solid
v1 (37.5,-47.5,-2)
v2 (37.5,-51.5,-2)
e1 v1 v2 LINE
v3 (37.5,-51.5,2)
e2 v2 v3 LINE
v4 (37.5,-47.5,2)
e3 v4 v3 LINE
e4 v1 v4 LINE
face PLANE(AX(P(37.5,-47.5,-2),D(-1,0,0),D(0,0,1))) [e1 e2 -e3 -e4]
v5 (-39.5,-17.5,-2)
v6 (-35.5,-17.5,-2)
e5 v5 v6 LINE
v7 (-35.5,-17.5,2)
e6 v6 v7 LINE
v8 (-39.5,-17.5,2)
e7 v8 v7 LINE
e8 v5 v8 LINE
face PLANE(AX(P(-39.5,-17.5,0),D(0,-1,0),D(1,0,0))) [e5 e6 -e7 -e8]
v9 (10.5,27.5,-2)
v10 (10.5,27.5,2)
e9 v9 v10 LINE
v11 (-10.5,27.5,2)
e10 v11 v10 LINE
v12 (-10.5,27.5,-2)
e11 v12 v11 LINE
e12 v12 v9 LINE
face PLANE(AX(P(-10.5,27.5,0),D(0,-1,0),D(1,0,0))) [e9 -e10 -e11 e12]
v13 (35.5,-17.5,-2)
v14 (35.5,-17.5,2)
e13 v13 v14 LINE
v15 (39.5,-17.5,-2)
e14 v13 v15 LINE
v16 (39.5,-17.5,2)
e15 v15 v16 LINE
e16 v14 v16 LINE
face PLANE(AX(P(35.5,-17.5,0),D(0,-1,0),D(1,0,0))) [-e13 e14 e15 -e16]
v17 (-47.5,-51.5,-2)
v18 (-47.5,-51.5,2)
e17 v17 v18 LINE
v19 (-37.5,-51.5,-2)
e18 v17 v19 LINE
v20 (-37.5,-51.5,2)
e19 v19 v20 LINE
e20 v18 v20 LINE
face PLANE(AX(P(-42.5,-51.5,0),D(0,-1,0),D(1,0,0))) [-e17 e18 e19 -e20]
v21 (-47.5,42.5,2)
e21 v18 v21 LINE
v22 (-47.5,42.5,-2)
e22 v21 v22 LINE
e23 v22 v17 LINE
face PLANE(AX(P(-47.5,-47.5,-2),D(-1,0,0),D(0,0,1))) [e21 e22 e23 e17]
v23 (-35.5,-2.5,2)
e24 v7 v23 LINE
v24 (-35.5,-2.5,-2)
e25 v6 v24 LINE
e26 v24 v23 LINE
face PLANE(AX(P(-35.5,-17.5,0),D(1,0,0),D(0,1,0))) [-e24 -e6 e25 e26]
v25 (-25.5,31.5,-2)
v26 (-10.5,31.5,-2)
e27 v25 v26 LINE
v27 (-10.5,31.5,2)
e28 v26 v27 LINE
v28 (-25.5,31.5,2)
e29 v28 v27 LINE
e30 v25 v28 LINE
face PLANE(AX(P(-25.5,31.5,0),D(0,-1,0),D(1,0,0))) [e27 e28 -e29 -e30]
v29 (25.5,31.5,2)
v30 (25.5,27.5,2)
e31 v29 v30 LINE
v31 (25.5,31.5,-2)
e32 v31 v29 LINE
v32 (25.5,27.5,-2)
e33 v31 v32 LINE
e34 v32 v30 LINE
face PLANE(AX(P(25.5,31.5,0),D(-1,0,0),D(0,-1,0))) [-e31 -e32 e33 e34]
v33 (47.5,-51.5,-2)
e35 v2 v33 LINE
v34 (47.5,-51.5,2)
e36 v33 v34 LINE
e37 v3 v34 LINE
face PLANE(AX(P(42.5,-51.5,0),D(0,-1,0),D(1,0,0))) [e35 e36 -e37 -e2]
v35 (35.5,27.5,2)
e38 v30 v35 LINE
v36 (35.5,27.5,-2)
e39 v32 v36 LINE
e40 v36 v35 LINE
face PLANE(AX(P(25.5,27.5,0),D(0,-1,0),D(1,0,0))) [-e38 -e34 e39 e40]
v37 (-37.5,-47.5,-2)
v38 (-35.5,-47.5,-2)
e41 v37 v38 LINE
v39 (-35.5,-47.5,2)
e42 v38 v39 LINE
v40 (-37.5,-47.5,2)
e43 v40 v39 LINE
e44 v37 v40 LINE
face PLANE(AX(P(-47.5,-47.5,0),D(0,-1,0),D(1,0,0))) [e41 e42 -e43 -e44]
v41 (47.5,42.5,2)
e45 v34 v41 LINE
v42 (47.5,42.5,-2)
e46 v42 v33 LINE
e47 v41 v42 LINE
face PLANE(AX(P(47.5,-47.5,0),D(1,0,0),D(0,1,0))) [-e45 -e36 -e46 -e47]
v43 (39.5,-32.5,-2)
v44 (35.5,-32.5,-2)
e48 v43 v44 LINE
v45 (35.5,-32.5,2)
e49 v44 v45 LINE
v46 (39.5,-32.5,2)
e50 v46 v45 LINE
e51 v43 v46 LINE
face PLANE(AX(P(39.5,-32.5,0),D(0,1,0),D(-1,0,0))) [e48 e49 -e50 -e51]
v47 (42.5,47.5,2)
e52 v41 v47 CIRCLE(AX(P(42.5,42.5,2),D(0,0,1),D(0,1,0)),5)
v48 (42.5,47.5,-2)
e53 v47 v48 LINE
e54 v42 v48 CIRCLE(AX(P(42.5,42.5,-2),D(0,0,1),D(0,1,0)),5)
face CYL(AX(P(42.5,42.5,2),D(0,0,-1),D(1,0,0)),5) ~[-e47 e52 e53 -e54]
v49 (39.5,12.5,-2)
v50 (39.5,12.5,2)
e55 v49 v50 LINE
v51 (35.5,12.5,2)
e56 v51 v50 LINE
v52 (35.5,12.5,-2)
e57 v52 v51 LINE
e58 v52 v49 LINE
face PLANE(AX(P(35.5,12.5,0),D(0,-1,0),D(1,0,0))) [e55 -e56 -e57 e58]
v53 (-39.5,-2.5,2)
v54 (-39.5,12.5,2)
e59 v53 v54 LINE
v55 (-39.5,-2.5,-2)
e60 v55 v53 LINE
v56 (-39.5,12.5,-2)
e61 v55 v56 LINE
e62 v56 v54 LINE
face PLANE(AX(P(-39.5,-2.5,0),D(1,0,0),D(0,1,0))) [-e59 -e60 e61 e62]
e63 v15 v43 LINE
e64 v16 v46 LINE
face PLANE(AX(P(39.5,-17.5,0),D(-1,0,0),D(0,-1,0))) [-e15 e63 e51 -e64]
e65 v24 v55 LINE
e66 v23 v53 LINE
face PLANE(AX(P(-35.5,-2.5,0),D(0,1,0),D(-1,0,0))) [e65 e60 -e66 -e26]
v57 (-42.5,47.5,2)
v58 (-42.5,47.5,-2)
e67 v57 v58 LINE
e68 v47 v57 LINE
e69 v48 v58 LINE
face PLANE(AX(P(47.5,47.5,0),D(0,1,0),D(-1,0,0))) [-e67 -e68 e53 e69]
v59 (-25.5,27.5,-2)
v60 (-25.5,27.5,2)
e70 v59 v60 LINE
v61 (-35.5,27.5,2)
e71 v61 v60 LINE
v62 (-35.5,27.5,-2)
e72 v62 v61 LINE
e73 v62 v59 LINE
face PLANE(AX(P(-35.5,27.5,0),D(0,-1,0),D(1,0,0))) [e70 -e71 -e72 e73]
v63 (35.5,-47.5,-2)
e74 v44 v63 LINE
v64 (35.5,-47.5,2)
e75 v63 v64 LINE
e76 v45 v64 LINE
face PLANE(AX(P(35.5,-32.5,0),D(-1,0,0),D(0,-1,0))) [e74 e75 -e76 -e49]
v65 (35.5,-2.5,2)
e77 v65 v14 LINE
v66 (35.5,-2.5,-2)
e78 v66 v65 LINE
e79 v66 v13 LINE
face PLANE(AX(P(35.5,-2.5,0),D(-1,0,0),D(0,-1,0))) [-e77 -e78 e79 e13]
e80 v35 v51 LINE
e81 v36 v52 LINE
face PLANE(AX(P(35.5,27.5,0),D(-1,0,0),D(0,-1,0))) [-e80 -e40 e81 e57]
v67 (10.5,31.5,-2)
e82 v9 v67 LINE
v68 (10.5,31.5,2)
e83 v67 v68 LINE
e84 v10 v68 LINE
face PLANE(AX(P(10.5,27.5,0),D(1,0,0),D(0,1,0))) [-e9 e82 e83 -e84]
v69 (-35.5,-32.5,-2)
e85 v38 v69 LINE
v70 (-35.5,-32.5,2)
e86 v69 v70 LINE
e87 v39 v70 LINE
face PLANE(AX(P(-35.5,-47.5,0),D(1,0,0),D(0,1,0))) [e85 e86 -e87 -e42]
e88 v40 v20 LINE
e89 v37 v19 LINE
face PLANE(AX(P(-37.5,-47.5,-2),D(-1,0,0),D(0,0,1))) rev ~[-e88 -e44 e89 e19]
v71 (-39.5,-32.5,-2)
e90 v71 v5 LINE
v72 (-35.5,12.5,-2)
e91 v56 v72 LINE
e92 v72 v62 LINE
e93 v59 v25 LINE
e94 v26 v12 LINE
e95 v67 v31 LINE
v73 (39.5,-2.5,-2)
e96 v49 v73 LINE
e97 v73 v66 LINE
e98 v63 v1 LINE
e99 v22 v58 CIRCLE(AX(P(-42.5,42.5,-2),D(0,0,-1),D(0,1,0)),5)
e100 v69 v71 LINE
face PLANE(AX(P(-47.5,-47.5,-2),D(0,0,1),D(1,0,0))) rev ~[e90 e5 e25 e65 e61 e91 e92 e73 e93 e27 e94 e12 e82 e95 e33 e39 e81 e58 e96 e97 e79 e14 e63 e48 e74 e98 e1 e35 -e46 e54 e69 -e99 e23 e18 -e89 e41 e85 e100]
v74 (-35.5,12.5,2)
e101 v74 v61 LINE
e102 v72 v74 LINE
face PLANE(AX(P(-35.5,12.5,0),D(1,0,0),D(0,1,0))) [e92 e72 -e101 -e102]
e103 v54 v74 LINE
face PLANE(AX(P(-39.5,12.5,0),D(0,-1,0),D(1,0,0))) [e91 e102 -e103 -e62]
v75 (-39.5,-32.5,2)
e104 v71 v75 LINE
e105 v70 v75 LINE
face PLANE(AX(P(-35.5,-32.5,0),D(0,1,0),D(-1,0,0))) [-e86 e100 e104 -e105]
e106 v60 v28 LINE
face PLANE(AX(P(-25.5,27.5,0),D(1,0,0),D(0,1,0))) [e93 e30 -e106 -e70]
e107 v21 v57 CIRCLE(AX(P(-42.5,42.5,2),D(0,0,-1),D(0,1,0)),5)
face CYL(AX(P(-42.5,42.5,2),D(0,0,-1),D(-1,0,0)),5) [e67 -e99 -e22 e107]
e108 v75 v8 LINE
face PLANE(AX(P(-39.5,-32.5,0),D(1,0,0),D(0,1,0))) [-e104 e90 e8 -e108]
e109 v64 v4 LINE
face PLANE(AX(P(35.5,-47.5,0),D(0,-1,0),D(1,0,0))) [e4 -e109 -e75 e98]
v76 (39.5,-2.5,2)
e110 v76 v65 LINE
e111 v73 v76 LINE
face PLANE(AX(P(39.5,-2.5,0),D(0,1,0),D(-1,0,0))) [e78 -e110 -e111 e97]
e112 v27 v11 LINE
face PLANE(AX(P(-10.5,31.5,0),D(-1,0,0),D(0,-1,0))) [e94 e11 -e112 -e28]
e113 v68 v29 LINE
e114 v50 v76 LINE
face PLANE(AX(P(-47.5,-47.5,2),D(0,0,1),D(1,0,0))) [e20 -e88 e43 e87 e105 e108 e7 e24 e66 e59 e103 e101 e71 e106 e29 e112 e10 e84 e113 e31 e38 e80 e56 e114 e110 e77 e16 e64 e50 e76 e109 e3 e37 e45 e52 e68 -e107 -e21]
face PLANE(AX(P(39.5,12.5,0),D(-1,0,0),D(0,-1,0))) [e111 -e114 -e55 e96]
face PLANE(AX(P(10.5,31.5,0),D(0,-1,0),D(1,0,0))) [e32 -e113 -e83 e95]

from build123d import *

# Parameters (mm, degrees)
BOSS_EXTRUDE1_DEPTH = 2
SKETCH2_W           = 10
SKETCH2_H           = 4
BOSS_EXTRUDE2_DEPTH = 4
FILLET1_R           = 5


with BuildPart() as part:
    # Sketch1 → Boss-Extrude1 (new, symmetric)
    with BuildSketch(Plane.XY):
        Polygon((-47.5, -47.5), (-35.5, -47.5), (-35.5, -32.5), (-39.5, -32.5), (-39.5, -17.5), (-35.5, -17.5), (-35.5, -2.5), (-39.5, -2.5), (-39.5, 12.5), (-35.5, 12.5), (-35.5, 27.5), (-25.5, 27.5), (-25.5, 31.5), (-10.5, 31.5), (-10.5, 27.5), (10.5, 27.5), (10.5, 31.5), (25.5, 31.5), (25.5, 27.5), (35.5, 27.5), (35.5, 12.5), (39.5, 12.5), (39.5, -2.5), (35.5, -2.5), (35.5, -17.5), (39.5, -17.5), (39.5, -32.5), (35.5, -32.5), (35.5, -47.5), (47.5, -47.5), (47.5, 47.5), (-47.5, 47.5), align=None)
    extrude(amount=BOSS_EXTRUDE1_DEPTH, both=True)

    # Sketch2 → Boss-Extrude2 (add)
    with BuildSketch(Plane.XZ.offset(47.5)):
        with Locations((-42.5, 0)):
            Rectangle(SKETCH2_W, SKETCH2_H)
        with Locations((42.5, 0)):
            Rectangle(SKETCH2_W, SKETCH2_H)
    extrude(amount=BOSS_EXTRUDE2_DEPTH)

    # Fillet1
    fillet1_edges = [part.edges().sort_by_distance(p)[0] for p in [
        (-47.5, 47.5, 0),
        (47.5, 47.5, 0),
    ]]
    fillet(fillet1_edges, radius=FILLET1_R)


solid = part.part
